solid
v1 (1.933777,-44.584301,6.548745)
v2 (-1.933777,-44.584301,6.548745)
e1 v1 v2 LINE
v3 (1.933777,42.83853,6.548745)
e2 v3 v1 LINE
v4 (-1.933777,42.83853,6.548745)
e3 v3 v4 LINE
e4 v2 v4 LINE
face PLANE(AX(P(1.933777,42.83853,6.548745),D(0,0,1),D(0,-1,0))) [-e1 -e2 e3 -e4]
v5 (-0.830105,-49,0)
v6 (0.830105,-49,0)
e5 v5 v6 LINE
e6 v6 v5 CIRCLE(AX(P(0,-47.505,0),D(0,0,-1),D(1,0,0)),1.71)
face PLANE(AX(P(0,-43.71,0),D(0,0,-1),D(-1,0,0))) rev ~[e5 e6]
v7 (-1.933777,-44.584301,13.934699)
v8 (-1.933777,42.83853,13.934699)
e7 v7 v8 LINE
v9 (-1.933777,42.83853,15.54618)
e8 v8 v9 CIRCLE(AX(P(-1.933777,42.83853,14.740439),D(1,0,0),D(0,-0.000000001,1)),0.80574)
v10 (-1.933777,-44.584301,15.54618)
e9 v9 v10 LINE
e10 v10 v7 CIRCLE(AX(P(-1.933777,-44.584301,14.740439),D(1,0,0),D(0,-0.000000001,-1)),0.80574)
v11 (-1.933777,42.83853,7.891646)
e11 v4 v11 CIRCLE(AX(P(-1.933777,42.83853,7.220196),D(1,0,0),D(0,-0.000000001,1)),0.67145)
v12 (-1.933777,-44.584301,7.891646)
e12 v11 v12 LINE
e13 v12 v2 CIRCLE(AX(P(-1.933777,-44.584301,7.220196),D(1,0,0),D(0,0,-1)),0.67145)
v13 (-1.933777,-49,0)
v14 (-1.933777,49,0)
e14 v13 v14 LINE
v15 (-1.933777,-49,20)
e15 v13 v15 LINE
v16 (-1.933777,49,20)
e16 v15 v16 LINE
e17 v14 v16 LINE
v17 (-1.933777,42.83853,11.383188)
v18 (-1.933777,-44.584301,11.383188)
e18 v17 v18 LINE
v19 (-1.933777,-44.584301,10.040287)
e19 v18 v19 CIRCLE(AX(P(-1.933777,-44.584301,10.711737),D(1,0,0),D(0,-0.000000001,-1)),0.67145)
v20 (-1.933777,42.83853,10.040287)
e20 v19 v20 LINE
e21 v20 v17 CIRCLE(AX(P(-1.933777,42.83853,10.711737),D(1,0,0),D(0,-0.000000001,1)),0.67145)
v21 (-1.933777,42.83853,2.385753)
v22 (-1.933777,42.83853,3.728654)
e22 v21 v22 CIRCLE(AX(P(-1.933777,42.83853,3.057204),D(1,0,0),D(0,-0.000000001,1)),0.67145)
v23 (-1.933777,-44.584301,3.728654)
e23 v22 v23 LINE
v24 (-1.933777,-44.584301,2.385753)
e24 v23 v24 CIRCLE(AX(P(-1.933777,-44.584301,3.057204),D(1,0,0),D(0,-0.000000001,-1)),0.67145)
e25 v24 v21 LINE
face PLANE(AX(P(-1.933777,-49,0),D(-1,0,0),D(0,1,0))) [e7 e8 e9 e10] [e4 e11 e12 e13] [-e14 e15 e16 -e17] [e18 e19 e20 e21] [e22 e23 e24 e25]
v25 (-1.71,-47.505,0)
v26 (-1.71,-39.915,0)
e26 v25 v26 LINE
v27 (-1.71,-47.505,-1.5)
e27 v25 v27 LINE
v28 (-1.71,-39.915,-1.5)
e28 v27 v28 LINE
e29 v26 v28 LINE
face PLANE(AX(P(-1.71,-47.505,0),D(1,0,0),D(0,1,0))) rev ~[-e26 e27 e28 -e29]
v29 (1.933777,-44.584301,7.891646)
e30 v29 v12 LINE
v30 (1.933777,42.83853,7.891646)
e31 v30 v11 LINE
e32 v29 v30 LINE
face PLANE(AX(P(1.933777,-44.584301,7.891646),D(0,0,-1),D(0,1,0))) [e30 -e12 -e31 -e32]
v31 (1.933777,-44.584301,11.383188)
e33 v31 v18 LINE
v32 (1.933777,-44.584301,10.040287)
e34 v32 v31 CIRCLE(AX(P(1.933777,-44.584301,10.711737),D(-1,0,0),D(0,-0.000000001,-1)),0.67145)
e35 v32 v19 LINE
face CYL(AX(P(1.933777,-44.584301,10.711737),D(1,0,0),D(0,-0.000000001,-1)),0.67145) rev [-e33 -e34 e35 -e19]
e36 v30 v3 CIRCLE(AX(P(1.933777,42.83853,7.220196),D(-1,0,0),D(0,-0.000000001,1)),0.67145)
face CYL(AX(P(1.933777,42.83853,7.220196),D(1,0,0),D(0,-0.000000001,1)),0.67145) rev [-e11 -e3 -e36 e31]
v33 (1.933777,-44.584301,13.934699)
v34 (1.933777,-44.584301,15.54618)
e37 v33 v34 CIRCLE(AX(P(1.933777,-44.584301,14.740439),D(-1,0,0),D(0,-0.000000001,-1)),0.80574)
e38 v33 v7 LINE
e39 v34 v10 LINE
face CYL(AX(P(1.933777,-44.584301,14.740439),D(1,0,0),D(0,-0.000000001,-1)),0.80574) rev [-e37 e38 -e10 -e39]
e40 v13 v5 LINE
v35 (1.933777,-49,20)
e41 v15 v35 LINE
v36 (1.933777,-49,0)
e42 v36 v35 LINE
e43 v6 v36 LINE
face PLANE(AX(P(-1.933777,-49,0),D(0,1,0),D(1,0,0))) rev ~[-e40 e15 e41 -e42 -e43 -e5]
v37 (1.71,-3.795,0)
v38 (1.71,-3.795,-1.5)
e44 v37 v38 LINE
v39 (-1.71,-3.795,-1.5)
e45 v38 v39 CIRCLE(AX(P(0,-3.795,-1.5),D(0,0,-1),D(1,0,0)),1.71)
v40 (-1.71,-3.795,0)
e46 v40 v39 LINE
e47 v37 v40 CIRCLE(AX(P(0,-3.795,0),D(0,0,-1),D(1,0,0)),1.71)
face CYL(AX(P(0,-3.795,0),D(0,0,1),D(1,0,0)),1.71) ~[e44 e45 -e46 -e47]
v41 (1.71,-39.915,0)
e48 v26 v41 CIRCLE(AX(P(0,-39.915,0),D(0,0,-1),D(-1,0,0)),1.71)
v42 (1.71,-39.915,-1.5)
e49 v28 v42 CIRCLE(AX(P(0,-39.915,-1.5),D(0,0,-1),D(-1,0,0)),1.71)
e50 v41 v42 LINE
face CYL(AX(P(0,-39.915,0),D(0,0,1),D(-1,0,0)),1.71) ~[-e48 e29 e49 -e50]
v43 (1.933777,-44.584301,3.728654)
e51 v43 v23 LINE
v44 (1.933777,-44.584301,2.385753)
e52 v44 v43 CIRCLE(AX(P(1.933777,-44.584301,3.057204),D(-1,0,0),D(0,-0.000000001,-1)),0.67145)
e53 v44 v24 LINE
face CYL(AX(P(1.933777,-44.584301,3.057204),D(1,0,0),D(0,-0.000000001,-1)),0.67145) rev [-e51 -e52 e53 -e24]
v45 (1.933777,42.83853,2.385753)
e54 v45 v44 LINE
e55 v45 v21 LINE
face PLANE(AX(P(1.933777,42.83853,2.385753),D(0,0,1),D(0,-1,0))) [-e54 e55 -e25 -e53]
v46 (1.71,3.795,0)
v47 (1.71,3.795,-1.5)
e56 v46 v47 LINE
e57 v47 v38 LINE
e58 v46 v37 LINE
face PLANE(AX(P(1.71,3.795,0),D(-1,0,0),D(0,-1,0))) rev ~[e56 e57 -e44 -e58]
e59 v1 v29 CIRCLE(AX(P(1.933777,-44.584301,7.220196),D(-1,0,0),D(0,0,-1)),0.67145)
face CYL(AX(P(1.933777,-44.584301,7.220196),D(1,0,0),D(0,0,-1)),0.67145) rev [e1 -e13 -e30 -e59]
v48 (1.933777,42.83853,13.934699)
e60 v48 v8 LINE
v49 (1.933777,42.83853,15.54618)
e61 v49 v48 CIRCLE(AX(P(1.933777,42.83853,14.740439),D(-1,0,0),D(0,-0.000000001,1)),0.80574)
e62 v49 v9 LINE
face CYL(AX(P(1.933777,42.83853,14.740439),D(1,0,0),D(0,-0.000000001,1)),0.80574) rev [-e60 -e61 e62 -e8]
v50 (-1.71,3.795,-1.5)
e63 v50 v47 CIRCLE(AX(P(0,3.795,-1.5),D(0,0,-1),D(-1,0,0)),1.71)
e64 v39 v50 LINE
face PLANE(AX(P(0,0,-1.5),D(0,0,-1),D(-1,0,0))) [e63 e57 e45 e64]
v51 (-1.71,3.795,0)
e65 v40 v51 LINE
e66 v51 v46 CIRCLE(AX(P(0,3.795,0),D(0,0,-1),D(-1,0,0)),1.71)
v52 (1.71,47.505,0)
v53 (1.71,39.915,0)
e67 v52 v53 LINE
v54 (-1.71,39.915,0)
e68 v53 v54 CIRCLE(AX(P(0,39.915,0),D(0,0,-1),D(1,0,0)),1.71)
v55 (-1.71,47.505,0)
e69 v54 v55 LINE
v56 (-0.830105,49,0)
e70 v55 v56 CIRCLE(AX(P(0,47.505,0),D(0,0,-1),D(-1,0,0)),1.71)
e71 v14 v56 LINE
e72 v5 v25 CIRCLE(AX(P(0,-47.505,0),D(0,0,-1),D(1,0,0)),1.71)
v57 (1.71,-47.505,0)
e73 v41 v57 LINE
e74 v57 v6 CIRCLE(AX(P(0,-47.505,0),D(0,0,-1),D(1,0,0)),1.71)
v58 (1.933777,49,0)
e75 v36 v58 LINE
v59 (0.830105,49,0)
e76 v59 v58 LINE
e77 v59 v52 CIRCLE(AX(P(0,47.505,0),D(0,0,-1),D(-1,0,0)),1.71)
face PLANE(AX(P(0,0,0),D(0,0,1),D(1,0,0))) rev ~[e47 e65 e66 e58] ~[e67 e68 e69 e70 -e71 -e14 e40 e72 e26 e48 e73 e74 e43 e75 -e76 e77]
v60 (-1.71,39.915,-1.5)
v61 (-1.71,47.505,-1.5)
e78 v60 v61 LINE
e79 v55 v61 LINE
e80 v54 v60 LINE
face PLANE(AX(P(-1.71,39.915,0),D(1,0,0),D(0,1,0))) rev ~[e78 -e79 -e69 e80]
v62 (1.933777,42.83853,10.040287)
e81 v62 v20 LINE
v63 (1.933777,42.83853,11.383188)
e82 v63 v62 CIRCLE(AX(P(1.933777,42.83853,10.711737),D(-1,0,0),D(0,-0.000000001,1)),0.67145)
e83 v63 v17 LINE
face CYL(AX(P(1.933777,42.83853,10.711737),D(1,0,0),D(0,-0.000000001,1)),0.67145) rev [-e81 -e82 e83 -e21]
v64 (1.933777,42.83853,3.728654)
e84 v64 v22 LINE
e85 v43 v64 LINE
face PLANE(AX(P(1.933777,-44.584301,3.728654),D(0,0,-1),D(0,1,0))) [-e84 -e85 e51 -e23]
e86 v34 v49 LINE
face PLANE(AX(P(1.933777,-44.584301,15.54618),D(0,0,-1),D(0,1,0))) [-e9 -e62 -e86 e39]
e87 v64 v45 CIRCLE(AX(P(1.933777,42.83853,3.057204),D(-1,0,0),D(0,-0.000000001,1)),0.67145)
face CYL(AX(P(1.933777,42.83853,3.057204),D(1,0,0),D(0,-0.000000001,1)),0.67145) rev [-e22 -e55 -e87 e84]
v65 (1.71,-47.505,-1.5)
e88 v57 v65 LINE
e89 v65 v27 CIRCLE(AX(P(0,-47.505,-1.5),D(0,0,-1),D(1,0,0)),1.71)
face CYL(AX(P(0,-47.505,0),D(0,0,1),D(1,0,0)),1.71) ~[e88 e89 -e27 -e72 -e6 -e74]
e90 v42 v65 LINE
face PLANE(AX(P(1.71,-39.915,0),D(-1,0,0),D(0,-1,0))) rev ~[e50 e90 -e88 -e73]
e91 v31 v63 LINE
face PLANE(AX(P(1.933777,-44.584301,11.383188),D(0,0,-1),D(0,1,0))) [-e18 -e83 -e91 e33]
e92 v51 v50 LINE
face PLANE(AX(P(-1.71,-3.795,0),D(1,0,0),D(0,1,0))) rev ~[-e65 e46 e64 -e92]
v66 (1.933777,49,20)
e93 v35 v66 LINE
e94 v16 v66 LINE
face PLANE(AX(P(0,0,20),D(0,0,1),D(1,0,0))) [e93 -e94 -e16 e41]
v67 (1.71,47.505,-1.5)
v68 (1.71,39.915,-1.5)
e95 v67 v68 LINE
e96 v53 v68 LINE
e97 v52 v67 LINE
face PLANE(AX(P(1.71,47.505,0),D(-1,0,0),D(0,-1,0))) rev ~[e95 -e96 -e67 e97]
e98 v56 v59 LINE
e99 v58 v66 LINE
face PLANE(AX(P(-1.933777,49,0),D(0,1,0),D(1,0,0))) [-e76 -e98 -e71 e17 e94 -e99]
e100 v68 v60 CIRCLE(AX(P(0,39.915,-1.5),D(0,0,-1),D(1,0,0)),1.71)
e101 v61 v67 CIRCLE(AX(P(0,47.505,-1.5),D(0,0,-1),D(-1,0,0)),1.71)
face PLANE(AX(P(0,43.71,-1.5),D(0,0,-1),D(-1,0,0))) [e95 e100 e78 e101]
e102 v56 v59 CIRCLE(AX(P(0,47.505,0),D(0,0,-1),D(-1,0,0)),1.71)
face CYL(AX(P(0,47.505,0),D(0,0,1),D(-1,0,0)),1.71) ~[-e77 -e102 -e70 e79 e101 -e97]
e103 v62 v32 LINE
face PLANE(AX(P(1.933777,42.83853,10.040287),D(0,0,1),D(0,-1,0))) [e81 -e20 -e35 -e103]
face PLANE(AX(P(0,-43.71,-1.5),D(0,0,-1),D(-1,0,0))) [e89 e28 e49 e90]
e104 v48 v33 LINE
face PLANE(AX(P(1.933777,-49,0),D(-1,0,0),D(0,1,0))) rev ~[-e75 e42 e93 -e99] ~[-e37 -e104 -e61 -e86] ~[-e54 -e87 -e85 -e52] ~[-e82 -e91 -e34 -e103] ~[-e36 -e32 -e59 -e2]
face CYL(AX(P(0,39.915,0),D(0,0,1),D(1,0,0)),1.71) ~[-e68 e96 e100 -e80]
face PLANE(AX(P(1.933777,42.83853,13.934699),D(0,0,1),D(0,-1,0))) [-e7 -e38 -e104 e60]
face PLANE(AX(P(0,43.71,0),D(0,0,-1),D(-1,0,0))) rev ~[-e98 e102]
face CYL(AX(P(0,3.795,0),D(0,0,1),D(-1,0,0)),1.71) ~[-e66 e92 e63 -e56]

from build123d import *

# Parameters (mm, degrees)
SKETCH1_W           = 3.867553816
SKETCH1_H           = 98
BOSS_EXTRUDE3_DEPTH = 20
BOSS_EXTRUDE4_DEPTH = 1.5
CUT_EXTRUDE1_DEPTH  = 54.264192452


with BuildPart() as part:
    # Sketch1 → Boss-Extrude3 (new body)
    with BuildSketch(Plane.XY):
        Rectangle(SKETCH1_W, SKETCH1_H)
    extrude(amount=BOSS_EXTRUDE3_DEPTH)

    # Sketch1<6> → Boss-Extrude4 (add)
    with BuildSketch(Plane.XY):
        with BuildLine():
            Line((1.71, 3.795), (1.71, -3.795))
            ThreePointArc((1.71, -3.795), (0, -5.505), (-1.71, -3.795))
            Line((-1.71, -3.795), (-1.71, 3.795))
            ThreePointArc((-1.71, 3.795), (0, 5.505), (1.71, 3.795))
        make_face()
        with BuildLine():
            Line((1.71, -39.915), (1.71, -47.505))
            ThreePointArc((1.71, -47.505), (0, -49.215), (-1.71, -47.505))
            Line((-1.71, -47.505), (-1.71, -39.915))
            ThreePointArc((-1.71, -39.915), (0, -38.205), (1.71, -39.915))
        make_face()
        with BuildLine():
            Line((1.71, 47.505), (1.71, 39.915))
            ThreePointArc((1.71, 39.915), (0, 38.205), (-1.71, 39.915))
            Line((-1.71, 39.915), (-1.71, 47.505))
            ThreePointArc((-1.71, 47.505), (0, 49.215), (1.71, 47.505))
        make_face()
    extrude(amount=-BOSS_EXTRUDE4_DEPTH)

    # Sketch5 → Cut-Extrude1 (cut, through all)
    with BuildSketch(Plane(origin=(1.933776908, 0, 0), x_dir=(0, 0, -1), z_dir=(1, 0, 0))):
        with BuildLine():
            Line((-13.934698867, 42.838530115), (-13.934698867, -44.584300935))
            ThreePointArc((-13.934698867, -44.584300935), (-14.740439245, -45.390041313), (-15.546179624, -44.584300935))
            Line((-15.546179624, -44.584300935), (-15.546179624, 42.838530115))
            ThreePointArc((-15.546179624, 42.838530115), (-14.740439245, 43.644270494), (-13.934698867, 42.838530115))
        make_face()
        with BuildLine():
            Line((-10.040287038, 42.838530115), (-10.040287038, -44.584300935))
            ThreePointArc((-10.040287038, -44.584300935), (-10.711737354, -45.25575125), (-11.383187669, -44.584300935))
            Line((-11.383187669, -44.584300935), (-11.383187669, 42.838530115))
            ThreePointArc((-11.383187669, 42.838530115), (-10.711737354, 43.509980431), (-10.040287038, 42.838530115))
        make_face()
        with BuildLine():
            Line((-6.548745399, 42.838530115), (-6.548745399, -44.584300935))
            ThreePointArc((-6.548745399, -44.584300935), (-7.220195714, -45.25575125), (-7.891646029, -44.584300935))
            Line((-7.891646029, -44.584300935), (-7.891646029, 42.838530115))
            ThreePointArc((-7.891646029, 42.838530115), (-7.220195714, 43.509980431), (-6.548745399, 42.838530115))
        make_face()
        with BuildLine():
            Line((-2.385753444, 42.838530115), (-2.385753444, -44.584300935))
            ThreePointArc((-2.385753444, -44.584300935), (-3.057203759, -45.25575125), (-3.728654075, -44.584300935))
            Line((-3.728654075, -44.584300935), (-3.728654075, 42.838530115))
            ThreePointArc((-3.728654075, 42.838530115), (-3.057203759, 43.509980431), (-2.385753444, 42.838530115))
        make_face()
    extrude(amount=-CUT_EXTRUDE1_DEPTH, mode=Mode.SUBTRACT)


solid = part.part
